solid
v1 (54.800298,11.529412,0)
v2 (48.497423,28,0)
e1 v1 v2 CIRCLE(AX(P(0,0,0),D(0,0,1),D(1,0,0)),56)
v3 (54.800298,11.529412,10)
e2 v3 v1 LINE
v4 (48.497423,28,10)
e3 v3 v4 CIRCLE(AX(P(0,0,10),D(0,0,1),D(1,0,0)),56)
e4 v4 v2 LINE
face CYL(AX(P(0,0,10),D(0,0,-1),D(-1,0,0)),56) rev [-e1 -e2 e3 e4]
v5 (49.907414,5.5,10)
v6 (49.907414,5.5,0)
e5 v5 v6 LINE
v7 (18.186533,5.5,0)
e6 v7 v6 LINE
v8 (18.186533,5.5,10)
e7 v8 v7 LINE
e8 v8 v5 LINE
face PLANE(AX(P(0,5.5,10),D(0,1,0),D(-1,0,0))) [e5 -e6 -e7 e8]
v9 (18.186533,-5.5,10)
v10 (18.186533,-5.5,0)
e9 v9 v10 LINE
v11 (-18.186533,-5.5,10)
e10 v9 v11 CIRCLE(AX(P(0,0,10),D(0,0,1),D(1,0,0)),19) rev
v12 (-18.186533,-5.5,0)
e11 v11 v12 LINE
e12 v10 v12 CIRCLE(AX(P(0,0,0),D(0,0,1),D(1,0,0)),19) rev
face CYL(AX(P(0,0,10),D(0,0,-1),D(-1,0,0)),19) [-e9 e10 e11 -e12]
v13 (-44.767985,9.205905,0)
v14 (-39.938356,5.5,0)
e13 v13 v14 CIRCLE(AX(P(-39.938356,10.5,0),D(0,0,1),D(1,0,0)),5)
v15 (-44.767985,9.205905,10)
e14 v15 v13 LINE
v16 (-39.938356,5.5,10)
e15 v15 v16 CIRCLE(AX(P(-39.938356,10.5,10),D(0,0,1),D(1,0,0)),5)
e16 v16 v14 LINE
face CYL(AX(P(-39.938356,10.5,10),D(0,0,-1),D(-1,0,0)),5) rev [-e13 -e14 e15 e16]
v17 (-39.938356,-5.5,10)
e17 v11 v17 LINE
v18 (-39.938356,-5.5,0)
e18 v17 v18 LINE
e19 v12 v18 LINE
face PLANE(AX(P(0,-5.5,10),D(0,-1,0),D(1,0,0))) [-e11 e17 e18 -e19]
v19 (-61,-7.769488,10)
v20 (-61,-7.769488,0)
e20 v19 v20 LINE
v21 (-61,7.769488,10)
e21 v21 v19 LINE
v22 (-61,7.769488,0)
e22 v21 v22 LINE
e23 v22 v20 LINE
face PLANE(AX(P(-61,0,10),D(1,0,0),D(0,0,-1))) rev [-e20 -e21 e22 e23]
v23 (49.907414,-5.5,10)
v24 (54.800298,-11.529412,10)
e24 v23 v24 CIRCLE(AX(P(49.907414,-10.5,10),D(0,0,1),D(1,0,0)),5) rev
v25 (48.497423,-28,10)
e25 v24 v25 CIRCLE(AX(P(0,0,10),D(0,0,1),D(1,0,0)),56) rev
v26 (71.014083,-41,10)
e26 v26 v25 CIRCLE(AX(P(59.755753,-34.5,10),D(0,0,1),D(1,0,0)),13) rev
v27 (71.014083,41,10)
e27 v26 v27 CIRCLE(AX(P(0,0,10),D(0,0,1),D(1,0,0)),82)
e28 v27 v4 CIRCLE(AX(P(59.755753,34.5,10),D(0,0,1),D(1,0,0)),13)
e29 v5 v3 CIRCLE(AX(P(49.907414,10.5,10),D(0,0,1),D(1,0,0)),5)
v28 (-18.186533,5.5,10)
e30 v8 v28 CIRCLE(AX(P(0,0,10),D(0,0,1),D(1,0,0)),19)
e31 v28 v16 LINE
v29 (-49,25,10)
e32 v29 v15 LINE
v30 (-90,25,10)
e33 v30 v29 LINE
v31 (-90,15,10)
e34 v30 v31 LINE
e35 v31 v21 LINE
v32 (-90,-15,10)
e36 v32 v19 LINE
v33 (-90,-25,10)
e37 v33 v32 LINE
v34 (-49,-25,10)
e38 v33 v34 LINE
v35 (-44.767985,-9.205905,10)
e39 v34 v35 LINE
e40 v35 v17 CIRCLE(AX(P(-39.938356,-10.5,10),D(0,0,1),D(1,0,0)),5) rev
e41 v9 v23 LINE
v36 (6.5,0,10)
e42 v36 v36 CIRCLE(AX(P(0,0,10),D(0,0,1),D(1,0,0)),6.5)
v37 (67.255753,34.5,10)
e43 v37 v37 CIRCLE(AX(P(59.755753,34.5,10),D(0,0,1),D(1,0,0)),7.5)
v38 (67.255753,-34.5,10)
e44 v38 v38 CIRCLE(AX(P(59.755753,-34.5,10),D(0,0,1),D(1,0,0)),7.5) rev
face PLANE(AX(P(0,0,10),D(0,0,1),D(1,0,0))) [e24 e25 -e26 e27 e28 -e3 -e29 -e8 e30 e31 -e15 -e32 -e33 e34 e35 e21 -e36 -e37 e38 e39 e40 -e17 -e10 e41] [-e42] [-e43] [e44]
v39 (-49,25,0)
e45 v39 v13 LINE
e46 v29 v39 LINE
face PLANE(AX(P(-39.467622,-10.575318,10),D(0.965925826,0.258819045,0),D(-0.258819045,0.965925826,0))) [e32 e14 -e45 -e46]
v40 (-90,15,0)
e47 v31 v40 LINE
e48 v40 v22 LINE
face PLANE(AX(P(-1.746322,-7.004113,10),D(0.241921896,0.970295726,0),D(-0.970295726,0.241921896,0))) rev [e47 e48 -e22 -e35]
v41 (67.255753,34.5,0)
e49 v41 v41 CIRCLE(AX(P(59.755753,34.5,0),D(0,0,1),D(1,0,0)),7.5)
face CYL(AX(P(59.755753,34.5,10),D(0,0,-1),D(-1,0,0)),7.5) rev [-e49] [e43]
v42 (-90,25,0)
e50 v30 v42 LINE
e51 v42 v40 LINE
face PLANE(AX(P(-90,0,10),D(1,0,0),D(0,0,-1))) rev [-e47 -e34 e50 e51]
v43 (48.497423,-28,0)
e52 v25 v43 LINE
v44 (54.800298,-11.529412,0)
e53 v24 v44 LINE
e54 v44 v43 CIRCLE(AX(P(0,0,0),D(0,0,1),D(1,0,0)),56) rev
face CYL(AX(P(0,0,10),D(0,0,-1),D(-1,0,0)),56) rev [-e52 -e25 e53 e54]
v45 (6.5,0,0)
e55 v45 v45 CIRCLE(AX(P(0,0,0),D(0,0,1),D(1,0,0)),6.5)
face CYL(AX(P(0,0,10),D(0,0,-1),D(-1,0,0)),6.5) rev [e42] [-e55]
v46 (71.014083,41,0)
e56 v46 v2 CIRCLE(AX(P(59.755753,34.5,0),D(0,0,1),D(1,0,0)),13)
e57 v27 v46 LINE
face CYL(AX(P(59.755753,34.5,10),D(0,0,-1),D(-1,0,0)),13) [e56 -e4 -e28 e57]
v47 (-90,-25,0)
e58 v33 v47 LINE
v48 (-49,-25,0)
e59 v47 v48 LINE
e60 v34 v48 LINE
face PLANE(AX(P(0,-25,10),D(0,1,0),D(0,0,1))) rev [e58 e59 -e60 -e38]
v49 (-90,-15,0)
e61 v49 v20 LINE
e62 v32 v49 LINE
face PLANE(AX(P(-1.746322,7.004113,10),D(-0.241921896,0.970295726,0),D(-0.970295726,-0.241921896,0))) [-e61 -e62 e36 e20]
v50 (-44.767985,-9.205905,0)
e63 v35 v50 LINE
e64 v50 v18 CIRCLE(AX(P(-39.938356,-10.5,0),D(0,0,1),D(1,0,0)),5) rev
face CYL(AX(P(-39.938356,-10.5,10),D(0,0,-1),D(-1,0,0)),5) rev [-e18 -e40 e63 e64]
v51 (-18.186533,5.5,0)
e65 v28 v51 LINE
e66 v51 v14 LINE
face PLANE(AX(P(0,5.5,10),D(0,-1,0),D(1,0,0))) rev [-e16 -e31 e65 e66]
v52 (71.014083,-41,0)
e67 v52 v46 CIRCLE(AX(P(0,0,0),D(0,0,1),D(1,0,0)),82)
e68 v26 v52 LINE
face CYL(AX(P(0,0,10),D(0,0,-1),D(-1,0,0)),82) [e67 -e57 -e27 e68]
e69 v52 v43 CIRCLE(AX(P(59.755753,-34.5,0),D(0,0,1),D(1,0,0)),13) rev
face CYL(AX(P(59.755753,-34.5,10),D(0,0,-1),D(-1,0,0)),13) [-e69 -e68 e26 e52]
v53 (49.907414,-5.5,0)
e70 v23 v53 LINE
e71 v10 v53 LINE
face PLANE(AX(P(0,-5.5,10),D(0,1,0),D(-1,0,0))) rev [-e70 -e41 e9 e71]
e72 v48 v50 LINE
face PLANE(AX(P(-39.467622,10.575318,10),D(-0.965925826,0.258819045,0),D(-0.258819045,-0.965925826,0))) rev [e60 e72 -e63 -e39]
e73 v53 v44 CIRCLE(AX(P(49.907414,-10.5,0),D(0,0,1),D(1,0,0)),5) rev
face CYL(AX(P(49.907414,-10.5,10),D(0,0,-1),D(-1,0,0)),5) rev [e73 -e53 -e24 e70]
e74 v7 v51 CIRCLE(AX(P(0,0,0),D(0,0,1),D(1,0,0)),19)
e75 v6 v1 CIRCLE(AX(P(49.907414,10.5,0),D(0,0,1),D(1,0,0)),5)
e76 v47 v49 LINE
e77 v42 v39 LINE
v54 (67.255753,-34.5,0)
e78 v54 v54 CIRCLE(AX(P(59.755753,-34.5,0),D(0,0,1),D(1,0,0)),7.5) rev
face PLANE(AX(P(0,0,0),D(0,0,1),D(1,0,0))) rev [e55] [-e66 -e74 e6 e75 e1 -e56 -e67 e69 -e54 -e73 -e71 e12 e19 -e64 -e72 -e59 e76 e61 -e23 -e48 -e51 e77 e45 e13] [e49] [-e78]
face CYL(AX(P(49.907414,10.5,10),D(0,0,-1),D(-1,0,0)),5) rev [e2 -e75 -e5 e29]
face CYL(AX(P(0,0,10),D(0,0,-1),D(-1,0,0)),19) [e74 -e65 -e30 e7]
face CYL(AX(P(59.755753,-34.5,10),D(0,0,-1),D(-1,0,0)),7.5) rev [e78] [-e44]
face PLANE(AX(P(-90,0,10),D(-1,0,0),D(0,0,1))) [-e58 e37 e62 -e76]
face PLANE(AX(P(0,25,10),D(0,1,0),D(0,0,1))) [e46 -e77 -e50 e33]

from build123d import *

# Parameters (mm, degrees)
SKETCH1_R           = 6.5
SKETCH1_R_2         = 7.5
BOSS_EXTRUDE1_DEPTH = 10


with BuildPart() as part:
    # Sketch1 → Boss-Extrude1 (new body)
    with BuildSketch(Plane.XY):
        with BuildLine():
            Line((-90, 25), (-90, 15))
            Line((-90, 15), (-61, 7.769487918))
            Line((-61, 7.769487918), (-61, -7.769487918))
            Line((-61, -7.769487918), (-90, -15))
            Line((-90, -15), (-90, -25))
            Line((-90, -25), (-49, -25))
            Line((-49, -25), (-44.767984939, -9.205904774))
            ThreePointArc((-44.767984939, -9.205904774), (-42.982162953, -6.533233299), (-39.938355808, -5.5))
            Line((-39.938355808, -5.5), (-18.186533479, -5.5))
            ThreePointArc((-18.186533479, -5.5), (0, -19), (18.186533479, -5.5))
            Line((18.186533479, -5.5), (49.907414279, -5.5))
            ThreePointArc((49.907414279, -5.5), (53.789878627, -7.349369811), (54.800298032, -11.529411765))
            ThreePointArc((54.800298032, -11.529411765), (52.301289102, -20.014373791), (48.497422612, -28))
            ThreePointArc((48.497422612, -28), (53.255752861, -45.758330249), (71.01408311, -41))
            ThreePointArc((71.01408311, -41), (82, 0), (71.01408311, 41))
            ThreePointArc((71.01408311, 41), (53.255752861, 45.758330249), (48.497422612, 28))
            ThreePointArc((48.497422612, 28), (52.301289102, 20.014373791), (54.800298032, 11.529411765))
            ThreePointArc((54.800298032, 11.529411765), (53.789878627, 7.349369811), (49.907414279, 5.5))
            Line((49.907414279, 5.5), (18.186533479, 5.5))
            ThreePointArc((18.186533479, 5.5), (0, 19), (-18.186533479, 5.5))
            Line((-18.186533479, 5.5), (-39.938355808, 5.5))
            ThreePointArc((-39.938355808, 5.5), (-42.982162953, 6.533233299), (-44.767984939, 9.205904774))
            Line((-44.767984939, 9.205904774), (-49, 25))
            Line((-49, 25), (-90, 25))
        make_face()
        Circle(SKETCH1_R, mode=Mode.SUBTRACT)
        with Locations((59.755752861, 34.5)):
            Circle(SKETCH1_R_2, mode=Mode.SUBTRACT)
        with Locations((59.755752861, -34.5)):
            Circle(SKETCH1_R_2, mode=Mode.SUBTRACT)
    extrude(amount=BOSS_EXTRUDE1_DEPTH)


solid = part.part
